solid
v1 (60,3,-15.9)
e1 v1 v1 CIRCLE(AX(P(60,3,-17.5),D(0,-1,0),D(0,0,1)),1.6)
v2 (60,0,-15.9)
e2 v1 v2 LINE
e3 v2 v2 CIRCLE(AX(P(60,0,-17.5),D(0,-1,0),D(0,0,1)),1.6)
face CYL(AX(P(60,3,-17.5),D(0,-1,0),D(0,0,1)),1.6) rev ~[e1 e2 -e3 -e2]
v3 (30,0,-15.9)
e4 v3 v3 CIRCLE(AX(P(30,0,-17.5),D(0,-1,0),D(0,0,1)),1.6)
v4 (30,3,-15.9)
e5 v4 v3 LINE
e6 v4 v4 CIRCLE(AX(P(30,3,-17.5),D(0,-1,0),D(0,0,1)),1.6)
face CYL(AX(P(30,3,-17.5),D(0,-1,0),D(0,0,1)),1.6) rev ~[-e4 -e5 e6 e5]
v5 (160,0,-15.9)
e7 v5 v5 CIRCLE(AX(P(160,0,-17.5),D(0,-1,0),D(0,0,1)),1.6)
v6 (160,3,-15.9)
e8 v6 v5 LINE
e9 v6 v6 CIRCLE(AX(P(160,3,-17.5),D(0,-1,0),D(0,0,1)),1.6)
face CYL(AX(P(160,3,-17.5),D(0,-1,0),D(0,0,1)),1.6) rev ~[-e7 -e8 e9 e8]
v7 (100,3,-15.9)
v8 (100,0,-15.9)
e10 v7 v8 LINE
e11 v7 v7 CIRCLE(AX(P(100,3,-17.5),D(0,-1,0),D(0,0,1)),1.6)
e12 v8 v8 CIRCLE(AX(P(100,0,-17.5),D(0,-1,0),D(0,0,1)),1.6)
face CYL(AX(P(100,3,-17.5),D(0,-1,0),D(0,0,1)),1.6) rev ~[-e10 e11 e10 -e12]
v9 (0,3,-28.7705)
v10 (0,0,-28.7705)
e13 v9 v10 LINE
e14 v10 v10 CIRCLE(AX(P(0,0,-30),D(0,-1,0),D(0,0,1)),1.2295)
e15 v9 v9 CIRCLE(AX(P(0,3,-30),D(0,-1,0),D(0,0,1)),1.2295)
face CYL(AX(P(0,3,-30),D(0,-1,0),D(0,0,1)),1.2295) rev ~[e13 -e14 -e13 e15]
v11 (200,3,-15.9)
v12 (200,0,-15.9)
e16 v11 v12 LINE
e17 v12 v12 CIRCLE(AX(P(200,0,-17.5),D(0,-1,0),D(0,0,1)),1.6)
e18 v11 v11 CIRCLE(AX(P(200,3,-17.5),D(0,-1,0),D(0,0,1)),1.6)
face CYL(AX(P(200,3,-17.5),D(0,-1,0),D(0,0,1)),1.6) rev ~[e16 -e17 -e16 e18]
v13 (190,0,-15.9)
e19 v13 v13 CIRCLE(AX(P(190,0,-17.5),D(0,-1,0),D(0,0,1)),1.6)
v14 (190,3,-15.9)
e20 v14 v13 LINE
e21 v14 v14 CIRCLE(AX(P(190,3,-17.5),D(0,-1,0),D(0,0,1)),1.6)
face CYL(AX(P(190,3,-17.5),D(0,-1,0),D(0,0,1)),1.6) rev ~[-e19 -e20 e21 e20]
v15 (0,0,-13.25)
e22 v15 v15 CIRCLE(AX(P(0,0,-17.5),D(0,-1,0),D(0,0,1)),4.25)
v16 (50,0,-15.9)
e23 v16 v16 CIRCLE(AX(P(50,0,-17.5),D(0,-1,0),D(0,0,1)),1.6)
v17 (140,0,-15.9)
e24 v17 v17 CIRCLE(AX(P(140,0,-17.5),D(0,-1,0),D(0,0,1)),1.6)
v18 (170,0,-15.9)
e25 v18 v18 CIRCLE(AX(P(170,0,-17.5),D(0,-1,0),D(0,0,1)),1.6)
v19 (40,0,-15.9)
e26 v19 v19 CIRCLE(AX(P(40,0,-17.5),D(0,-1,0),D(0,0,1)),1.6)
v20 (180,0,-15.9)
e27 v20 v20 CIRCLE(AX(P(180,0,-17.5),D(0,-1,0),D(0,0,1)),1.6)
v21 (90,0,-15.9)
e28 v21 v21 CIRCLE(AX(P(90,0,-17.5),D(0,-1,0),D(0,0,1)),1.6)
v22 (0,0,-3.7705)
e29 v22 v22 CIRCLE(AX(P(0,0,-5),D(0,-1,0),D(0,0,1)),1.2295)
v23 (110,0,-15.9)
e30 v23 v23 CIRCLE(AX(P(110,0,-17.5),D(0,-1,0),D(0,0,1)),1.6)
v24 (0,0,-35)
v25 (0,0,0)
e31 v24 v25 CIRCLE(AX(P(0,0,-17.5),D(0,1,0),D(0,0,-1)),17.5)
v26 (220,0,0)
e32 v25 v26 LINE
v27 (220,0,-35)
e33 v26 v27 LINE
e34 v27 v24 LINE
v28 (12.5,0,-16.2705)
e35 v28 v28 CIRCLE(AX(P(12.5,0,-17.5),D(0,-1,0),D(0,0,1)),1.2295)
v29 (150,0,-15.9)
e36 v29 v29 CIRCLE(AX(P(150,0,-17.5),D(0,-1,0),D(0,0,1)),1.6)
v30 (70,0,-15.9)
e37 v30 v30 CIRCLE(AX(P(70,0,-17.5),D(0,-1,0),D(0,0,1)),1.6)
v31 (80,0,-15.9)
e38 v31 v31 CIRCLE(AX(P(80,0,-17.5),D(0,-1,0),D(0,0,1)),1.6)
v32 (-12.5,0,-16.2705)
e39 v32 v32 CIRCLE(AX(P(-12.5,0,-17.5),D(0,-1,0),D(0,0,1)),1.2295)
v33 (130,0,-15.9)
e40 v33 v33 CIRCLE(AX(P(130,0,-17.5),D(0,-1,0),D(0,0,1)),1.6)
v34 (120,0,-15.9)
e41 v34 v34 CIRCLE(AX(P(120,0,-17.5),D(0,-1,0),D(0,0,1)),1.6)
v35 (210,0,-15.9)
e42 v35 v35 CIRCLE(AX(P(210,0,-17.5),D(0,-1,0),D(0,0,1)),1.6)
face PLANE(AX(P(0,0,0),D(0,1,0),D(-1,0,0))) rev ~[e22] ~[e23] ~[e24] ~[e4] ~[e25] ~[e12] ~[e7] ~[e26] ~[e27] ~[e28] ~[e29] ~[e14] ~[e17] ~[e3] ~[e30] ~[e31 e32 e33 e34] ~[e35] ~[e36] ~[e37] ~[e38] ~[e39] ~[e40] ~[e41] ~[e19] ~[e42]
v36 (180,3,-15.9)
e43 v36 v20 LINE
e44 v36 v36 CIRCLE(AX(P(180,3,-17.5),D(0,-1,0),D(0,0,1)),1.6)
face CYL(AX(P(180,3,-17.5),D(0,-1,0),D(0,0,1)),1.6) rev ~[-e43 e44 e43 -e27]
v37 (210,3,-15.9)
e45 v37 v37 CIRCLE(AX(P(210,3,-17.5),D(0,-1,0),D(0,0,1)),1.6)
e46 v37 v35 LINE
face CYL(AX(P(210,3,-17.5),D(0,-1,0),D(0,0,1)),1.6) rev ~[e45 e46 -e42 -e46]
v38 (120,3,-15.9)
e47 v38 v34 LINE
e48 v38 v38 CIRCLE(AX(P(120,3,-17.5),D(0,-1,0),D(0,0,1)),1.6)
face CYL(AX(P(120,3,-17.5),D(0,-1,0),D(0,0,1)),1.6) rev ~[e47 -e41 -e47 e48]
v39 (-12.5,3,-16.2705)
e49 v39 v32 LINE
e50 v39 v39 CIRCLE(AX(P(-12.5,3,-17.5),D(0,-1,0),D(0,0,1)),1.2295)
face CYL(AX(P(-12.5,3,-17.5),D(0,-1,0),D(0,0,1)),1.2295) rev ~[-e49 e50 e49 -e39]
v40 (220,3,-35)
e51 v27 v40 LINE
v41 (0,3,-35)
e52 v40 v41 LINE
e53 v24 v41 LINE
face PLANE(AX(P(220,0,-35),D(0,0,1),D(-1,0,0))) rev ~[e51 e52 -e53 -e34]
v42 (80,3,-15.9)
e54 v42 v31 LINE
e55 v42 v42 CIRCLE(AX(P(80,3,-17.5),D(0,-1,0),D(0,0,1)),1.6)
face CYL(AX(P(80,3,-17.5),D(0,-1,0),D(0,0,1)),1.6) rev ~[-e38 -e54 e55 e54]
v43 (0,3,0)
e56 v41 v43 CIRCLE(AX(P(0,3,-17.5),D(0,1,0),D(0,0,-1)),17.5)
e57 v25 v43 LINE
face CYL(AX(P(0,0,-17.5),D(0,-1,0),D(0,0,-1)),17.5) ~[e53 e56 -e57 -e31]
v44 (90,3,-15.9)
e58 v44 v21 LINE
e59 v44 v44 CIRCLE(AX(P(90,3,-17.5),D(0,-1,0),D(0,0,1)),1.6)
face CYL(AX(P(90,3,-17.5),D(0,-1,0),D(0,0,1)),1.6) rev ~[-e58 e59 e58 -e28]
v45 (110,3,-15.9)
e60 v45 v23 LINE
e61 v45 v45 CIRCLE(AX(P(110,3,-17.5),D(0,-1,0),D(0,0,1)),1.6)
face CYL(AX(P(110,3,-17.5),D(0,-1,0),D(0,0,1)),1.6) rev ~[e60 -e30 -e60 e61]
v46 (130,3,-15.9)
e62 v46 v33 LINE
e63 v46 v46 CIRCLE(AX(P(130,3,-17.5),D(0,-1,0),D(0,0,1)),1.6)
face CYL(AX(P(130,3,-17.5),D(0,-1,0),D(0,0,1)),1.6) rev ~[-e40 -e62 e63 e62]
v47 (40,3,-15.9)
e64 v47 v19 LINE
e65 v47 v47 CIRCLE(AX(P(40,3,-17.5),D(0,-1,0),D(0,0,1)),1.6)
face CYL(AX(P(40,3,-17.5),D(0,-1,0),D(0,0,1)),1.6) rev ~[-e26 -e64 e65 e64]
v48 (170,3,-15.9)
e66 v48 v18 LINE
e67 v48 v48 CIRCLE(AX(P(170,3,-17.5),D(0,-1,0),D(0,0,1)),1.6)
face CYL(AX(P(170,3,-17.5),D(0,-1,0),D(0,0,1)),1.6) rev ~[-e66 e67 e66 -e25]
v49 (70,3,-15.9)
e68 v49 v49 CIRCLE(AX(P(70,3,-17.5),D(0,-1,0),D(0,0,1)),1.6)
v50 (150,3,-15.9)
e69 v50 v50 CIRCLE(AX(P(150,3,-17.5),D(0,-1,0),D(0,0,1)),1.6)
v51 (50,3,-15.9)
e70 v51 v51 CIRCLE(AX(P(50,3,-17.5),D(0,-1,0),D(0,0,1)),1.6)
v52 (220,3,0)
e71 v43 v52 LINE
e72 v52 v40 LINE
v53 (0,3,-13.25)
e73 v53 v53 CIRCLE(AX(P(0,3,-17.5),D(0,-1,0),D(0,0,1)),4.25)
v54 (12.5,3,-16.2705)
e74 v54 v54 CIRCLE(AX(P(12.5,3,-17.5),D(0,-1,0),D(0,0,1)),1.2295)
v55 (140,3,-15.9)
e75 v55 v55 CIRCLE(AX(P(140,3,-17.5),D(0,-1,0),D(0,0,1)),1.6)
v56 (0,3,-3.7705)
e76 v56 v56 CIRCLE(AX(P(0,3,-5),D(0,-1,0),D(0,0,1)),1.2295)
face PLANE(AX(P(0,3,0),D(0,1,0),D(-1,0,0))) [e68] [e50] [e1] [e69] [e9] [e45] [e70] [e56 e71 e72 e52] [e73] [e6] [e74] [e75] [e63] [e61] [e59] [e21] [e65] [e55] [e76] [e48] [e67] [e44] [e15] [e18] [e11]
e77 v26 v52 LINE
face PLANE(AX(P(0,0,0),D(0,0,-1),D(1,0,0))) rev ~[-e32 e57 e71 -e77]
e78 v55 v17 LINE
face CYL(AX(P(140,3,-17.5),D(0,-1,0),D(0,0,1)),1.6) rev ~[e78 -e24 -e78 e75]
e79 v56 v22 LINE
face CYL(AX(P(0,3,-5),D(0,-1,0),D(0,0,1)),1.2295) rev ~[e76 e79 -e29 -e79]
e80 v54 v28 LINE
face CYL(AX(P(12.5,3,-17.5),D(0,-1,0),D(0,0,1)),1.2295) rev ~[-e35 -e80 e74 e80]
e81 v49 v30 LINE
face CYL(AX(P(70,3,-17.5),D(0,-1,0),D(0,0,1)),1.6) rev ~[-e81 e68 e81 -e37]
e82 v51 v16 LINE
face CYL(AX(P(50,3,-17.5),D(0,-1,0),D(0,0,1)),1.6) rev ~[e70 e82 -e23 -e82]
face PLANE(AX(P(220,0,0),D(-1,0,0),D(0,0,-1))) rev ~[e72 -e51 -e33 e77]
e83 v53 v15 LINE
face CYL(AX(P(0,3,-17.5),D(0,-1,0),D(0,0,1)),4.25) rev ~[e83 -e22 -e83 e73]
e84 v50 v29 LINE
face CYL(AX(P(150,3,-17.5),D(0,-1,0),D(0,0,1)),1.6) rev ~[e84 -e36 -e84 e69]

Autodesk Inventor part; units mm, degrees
ref_plane "YZ Plane" through (0, 0, 0) normal (1, 0, 0) x (0, 1, 0)
ref_plane "XZ Plane" through (0, 0, 0) normal (0, 1, 0) x (-1, 0, 0)
ref_plane "XY Plane" through (0, 0, 0) normal (0, 0, 1) x (1, 0, 0)
sketch "スケッチ1" plane through (0, 0, 0) normal (0, 1, 0) x (-1, 0, 0)
  line L0 (0, 0) -> (-220, 0)
  line L1 (-220, 0) -> (-220, -35)
  line L2 (-220, -35) -> (0, -35)
  line L3 (0, -35) -> (0, 0)
  arc A0 (0, -35) -> (0, 0) centre (0, -17.5) ccw
  dimension "d0" = 220
  dimension "d1" = 35
  dimension "d2" = 17.5
extrude "押し出し1" add sketch "スケッチ1" along normal blind 3
sketch "スケッチ2" plane through (0, 3, 0) normal (0, 1, 0) x (1, 0, 0)
  line L0 (0, 17.5) -> (238.6526, 17.5)
  line L1 (0, 0) -> (220, 0) projected
  arc A0 (0, 35) -> (0, 0) centre (0, 17.5) ccw projected
  point P0 (30, 17.5)
  point P1 (40, 17.5)
  point P2 (50, 17.5)
  point P3 (60, 17.5)
  point P4 (70, 17.5)
  point P5 (80, 17.5)
  point P6 (90, 17.5)
  point P7 (100, 17.5)
  point P8 (110, 17.5)
  point P9 (120, 17.5)
  point P10 (130, 17.5)
  point P11 (140, 17.5)
  point P12 (150, 17.5)
  point P13 (160, 17.5)
  point P14 (170, 17.5)
  point P15 (180, 17.5)
  point P16 (190, 17.5)
  point P17 (200, 17.5)
  point P18 (210, 17.5)
  point P19 (-17.5, 17.5)
  dimension "d5" = 17.5
  dimension "d7" = 10
  dimension "d8" = 10
  dimension "d9" = 10
  dimension "d10" = 10
  dimension "d11" = 10
  dimension "d12" = 10
  dimension "d13" = 10
  dimension "d14" = 10
  dimension "d15" = 10
  dimension "d16" = 10
  dimension "d17" = 10
  dimension "d18" = 10
  dimension "d19" = 10
  dimension "d20" = 10
  dimension "d21" = 10
  dimension "d22" = 10
  dimension "d23" = 10
  dimension "d24" = 10
  dimension "d35" = 17.5
hole "穴1" at (30, 3, -17.5) at (40, 3, -17.5) at (50, 3, -17.5) at (60, 3, -17.5) at (70, 3, -17.5) at (80, 3, -17.5) at (90, 3, -17.5) at (100, 3, -17.5) at (110, 3, -17.5) at (120, 3, -17.5) at (130, 3, -17.5) at (140, 3, -17.5) at (150, 3, -17.5) at (160, 3, -17.5) at (170, 3, -17.5) at (180, 3, -17.5) at (190, 3, -17.5) at (200, 3, -17.5) at (210, 3, -17.5) direction (0, -1, 0) diameter 3.2 end through all
sketch "スケッチ3" plane through (0, 3, 0) normal (0, 1, 0) x (1, 0, 0)
  line L0 (220, 35) -> (0, 35) projected
  point P0 (0, 0)
  point P1 (0, 17.5)
  dimension "d36" = 17.5
hole "穴2" at (0, 3, -17.5) direction (0, -1, 0) diameter 8.5 end through all
sketch "スケッチ4" plane through (0, 3, 0) normal (0, 1, 0) x (1, 0, 0)
  circle A0 centre (0, 17.5) radius 12.5
  circle A1 centre (0, 17.5) radius 4.25 projected
  line L0 (-6.6439, 17.5) -> (-13.0454, 17.5)
  line L1 (-13.0454, 17.5) -> (1.0104, 17.5)
  point P0 (0, 0)
  point P1 (0, 5)
  point P2 (12.5, 17.5)
  point P3 (0, 30)
  point P4 (-12.5, 17.5)
  dimension "d44" = 25
  dimension "d45" = 0
hole "穴3" at (0, 3, -5) at (12.5, 3, -17.5) at (0, 3, -30) at (-12.5, 3, -17.5) direction (0, -1, 0) diameter 2.459 end through all thread size "M3x0.5" class "6H" standard "ISO Metric profile"
properties part number "arm_plate1" material "アルミニウム 5052"
